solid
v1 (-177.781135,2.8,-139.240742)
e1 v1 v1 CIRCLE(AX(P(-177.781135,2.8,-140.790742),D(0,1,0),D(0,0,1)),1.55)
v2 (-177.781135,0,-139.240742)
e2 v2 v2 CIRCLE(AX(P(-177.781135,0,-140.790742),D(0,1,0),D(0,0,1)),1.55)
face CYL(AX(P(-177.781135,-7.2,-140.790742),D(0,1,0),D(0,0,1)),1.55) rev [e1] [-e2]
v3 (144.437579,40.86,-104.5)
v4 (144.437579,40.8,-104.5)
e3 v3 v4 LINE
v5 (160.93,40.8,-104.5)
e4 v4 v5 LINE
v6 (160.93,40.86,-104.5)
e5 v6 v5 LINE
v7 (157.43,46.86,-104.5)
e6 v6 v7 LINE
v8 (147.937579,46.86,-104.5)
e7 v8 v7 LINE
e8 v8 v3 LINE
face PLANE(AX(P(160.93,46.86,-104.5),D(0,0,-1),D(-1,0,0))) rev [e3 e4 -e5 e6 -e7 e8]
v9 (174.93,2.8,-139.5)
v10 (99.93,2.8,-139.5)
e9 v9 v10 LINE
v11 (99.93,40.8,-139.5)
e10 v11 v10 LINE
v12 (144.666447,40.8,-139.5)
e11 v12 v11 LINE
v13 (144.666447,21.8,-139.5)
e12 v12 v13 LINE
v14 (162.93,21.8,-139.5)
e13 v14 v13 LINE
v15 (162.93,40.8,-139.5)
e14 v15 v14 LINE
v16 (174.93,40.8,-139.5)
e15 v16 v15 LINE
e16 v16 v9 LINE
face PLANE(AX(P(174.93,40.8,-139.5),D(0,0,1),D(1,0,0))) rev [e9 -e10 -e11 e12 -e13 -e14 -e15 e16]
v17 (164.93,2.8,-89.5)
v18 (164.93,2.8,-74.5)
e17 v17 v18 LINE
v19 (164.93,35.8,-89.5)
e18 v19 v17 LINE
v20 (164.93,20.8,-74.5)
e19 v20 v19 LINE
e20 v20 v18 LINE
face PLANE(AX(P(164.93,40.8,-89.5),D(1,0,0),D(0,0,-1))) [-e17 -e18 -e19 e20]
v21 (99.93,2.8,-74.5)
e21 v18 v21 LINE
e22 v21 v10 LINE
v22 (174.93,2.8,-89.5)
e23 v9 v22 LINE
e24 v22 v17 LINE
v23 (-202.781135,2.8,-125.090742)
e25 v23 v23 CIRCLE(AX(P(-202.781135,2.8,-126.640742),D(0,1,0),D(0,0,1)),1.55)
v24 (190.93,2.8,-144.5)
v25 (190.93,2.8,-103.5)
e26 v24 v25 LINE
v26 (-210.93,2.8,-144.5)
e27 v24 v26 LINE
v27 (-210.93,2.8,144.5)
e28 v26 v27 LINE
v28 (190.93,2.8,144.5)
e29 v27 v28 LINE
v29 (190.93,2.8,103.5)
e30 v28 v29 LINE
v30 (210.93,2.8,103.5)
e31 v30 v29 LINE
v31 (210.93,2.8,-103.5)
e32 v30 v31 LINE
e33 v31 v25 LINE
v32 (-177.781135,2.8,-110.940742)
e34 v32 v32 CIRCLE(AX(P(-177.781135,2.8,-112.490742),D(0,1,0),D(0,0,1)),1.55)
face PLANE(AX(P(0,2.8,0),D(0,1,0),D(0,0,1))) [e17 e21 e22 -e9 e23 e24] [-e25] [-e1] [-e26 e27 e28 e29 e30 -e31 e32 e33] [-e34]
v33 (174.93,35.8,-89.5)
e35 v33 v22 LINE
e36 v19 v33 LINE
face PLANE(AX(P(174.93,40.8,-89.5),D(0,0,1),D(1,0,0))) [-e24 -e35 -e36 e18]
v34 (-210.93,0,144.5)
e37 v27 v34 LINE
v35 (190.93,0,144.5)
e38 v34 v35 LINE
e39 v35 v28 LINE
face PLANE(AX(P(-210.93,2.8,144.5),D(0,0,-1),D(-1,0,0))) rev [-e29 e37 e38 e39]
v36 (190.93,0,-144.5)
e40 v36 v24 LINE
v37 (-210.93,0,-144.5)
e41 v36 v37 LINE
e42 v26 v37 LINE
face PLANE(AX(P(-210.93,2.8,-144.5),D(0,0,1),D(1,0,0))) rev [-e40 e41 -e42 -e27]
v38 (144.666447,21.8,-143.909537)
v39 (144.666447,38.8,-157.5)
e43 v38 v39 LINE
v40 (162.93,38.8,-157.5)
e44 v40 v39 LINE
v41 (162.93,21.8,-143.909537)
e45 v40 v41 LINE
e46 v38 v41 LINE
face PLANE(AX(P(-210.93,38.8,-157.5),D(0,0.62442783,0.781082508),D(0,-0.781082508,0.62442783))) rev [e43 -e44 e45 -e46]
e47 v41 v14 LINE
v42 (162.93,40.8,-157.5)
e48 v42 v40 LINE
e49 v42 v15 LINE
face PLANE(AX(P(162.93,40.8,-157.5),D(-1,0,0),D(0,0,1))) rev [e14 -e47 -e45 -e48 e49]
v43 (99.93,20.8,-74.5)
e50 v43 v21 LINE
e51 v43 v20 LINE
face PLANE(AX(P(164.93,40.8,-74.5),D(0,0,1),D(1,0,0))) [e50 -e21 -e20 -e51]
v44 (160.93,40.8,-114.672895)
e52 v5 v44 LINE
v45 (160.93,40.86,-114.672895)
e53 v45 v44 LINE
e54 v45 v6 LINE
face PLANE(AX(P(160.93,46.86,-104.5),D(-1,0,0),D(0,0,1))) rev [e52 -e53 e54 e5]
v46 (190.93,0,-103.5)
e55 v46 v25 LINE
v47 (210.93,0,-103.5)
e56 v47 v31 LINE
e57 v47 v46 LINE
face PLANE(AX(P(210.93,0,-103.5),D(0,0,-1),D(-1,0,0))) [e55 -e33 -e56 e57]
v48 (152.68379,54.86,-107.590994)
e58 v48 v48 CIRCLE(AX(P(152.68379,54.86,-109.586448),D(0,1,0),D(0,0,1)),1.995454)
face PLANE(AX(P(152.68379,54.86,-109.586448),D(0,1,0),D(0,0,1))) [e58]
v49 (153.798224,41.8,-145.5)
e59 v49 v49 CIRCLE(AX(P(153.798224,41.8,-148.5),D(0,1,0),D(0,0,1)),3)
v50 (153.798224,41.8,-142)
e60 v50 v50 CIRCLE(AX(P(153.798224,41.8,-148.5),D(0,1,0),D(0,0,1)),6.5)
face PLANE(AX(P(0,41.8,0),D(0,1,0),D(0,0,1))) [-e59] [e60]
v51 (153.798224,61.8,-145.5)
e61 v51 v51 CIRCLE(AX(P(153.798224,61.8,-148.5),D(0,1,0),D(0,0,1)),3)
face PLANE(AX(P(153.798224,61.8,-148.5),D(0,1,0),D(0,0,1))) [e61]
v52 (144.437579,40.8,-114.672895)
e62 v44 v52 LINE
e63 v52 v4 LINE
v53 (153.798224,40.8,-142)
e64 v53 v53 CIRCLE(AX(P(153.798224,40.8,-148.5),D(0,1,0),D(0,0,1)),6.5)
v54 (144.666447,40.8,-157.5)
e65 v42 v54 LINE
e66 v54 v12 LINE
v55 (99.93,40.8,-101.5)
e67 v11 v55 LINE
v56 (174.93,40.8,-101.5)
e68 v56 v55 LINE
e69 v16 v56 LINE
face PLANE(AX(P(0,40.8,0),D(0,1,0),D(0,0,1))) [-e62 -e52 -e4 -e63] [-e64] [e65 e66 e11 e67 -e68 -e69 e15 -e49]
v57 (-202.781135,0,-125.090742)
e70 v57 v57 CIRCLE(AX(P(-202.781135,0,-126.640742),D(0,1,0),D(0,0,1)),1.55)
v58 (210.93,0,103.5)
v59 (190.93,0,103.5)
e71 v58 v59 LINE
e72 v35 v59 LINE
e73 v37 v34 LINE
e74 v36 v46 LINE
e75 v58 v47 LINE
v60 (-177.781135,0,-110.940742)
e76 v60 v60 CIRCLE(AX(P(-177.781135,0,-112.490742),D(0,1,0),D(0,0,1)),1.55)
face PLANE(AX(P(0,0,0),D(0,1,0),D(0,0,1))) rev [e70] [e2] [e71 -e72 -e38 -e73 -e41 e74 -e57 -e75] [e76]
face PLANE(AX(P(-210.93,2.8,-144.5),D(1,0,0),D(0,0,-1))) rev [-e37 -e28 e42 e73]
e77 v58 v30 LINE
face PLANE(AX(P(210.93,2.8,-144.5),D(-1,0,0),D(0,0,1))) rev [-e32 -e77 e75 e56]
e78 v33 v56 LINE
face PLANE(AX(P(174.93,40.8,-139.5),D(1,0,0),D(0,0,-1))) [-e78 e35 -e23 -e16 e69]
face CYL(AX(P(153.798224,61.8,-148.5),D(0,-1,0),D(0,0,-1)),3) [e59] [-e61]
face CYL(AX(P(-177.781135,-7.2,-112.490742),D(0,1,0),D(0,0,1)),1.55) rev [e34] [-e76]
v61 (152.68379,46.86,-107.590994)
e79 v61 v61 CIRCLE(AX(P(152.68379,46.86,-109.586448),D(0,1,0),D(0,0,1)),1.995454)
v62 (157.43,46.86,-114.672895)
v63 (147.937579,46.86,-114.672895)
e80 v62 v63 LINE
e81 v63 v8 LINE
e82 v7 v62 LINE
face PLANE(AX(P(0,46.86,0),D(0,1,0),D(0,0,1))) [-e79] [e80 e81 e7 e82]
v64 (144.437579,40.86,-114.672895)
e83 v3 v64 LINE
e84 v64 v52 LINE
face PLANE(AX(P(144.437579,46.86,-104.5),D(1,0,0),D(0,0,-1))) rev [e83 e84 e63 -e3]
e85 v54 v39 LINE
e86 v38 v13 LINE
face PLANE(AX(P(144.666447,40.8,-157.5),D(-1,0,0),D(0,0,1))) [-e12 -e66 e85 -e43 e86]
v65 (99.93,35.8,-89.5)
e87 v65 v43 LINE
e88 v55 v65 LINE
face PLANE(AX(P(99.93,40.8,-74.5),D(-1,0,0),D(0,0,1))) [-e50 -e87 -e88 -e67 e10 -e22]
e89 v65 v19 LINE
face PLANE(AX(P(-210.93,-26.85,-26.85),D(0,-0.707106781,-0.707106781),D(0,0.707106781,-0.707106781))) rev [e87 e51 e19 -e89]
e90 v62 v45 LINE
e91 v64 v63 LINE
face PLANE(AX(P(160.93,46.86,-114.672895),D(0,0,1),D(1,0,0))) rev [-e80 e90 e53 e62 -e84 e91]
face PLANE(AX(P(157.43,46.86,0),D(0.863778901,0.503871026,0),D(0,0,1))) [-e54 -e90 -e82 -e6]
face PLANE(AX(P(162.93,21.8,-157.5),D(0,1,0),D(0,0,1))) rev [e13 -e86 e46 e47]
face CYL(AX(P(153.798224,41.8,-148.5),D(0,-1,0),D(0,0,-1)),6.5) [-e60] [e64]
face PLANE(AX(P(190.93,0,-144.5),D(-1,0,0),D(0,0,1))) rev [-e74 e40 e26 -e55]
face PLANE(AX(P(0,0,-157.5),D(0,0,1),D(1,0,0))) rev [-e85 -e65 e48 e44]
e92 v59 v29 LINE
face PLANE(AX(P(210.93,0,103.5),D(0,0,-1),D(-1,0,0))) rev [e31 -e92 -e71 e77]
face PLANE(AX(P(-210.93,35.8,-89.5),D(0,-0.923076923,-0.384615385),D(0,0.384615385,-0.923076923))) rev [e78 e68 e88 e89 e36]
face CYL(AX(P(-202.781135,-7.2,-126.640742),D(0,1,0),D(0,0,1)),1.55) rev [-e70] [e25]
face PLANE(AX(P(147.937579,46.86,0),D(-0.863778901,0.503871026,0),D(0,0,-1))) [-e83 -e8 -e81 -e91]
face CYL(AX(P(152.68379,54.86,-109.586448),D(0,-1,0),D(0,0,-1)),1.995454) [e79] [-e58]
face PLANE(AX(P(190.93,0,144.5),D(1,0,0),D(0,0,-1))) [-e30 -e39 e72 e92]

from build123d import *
from OCP.BRepFilletAPI import BRepFilletAPI_MakeChamfer

# Parameters (mm, degrees)
CROQUIS2_W              = 421.86
CROQUIS2_H              = 289
SALIENTE_EXTRUIR1_DEPTH = 2.8
CROQUIS3_W              = 20
CROQUIS3_H              = 41
CORTAR_EXTRUIR1_DEPTH   = 2.8
SALIENTE_EXTRUIR2_DEPTH = 38
CORTAR_EXTRUIR2_DEPTH   = 415.044477804
CORTAR_EXTRUIR3_DEPTH   = 405.741435487
CROQUIS7_W              = 16.492420957
CROQUIS7_H              = 10.17289517
SALIENTE_EXTRUIR3_DEPTH = 6.06
CHAFL_N1_SIZE           = 6
CHAFL_N1_SIZE2          = 3.5
CROQUIS9_R              = 1.995453572
SALIENTE_EXTRUIR4_DEPTH = 8
CROQUIS10_W             = 18.263552833
CROQUIS10_H             = 19
SALIENTE_EXTRUIR5_DEPTH = 18
CORTAR_EXTRUIR4_DEPTH   = 410.374118869
SALIENTE_EXTRUIR6_DEPTH = 1
CROQUIS13_R             = 3
SALIENTE_EXTRUIR7_DEPTH = 20
CROQUIS18_R             = 1.55
CORTAR_EXTRUIR5_DEPTH   = 10


with BuildPart() as part:
    # Croquis2 → Saliente-Extruir1 (new body)
    with BuildSketch(Plane(origin=(0, 0, 0), x_dir=(1, 0, 0), z_dir=(0, 1, 0))):
        Rectangle(CROQUIS2_W, CROQUIS2_H)
    extrude(amount=SALIENTE_EXTRUIR1_DEPTH)

    # Croquis3 → Cortar-Extruir1 (cut)
    with BuildSketch(Plane(origin=(0, 2.8, 0), x_dir=(1, 0, 0), z_dir=(0, 1, 0))):
        with Locations((200.93, -124)):
            Rectangle(CROQUIS3_W, CROQUIS3_H)
        with Locations((200.93, 124)):
            Rectangle(CROQUIS3_W, CROQUIS3_H)
    extrude(amount=-CORTAR_EXTRUIR1_DEPTH, mode=Mode.SUBTRACT)

    # Croquis4 → Saliente-Extruir2 (add)
    with BuildSketch(Plane(origin=(0, 2.8, 0), x_dir=(1, 0, 0), z_dir=(0, 1, 0))):
        Polygon((174.93, 139.5), (99.93, 139.5), (99.93, 89.5), (99.93, 74.5), (164.93, 74.5), (164.93, 89.5), (174.93, 89.5), align=None)
    extrude(amount=SALIENTE_EXTRUIR2_DEPTH)

    # Croquis5 → Cortar-Extruir2 (cut, through all)
    with BuildSketch(Plane(origin=(174.93, 0, 0), x_dir=(0, 0, -1), z_dir=(1, 0, 0))):
        Polygon((89.5, 35.8), (101.5, 40.8), (89.5, 40.8), align=None)
    extrude(amount=-CORTAR_EXTRUIR2_DEPTH, mode=Mode.SUBTRACT)

    # Croquis6 → Cortar-Extruir3 (cut, through all)
    with BuildSketch(Plane(origin=(164.93, 0, 0), x_dir=(0, 0, -1), z_dir=(1, 0, 0))):
        Polygon((74.5, 35.8), (74.5, 20.8), (89.5, 35.8), (89.5, 40.8), (74.5, 40.8), align=None)
    extrude(amount=-CORTAR_EXTRUIR3_DEPTH, mode=Mode.SUBTRACT)

    # Croquis7 → Saliente-Extruir3 (add)
    with BuildSketch(Plane(origin=(0, 40.8, 0), x_dir=(1, 0, 0), z_dir=(0, 1, 0))):
        with Locations((152.683789521, 109.586447585)):
            Rectangle(CROQUIS7_W, CROQUIS7_H)
    extrude(amount=SALIENTE_EXTRUIR3_DEPTH)

    # Chaflán1: one chamfer whose edges measure the first distance from different faces: ONE call of the kernel's chamfer builder (chamfer() names one face for all edges)
    chafl_n1_edges_1 = [part.edges().sort_by_distance(p)[0] for p in [
        (160.93, 46.86, -109.586447585),
    ]]
    chafl_n1_side_1 = [part.faces().sort_by_distance(p)[0] for p in [
        (160.93, 43.83, -109.586447585),
    ]]
    chafl_n1_edges_2 = [part.edges().sort_by_distance(p)[0] for p in [
        (144.437579043, 46.86, -109.586447585),
    ]]
    chafl_n1_side_2 = [part.faces().sort_by_distance(p)[0] for p in [
        (144.437579043, 43.83, -109.586447585),
    ]]
    chafl_n1 = BRepFilletAPI_MakeChamfer(part.part.solid().wrapped)
    for e in chafl_n1_edges_1:
        chafl_n1.Add(CHAFL_N1_SIZE, CHAFL_N1_SIZE2, e.wrapped, chafl_n1_side_1[0].wrapped)  # the first distance lies on this face
    for e in chafl_n1_edges_2:
        chafl_n1.Add(CHAFL_N1_SIZE, CHAFL_N1_SIZE2, e.wrapped, chafl_n1_side_2[0].wrapped)  # the first distance lies on this face
    add(Compound.cast(chafl_n1.Shape()), mode=Mode.REPLACE)

    # Croquis9 → Saliente-Extruir4 (add)
    with BuildSketch(Plane(origin=(0, 46.86, 0), x_dir=(1, 0, 0), z_dir=(0, 1, 0))):
        with Locations(Location((152.683789521, 109.586447585, 0), (0, 0, 270))):
            Circle(CROQUIS9_R)
    extrude(amount=SALIENTE_EXTRUIR4_DEPTH)

    # Croquis10 → Saliente-Extruir5 (add)
    with BuildSketch(Plane(origin=(0, 0, -139.5), x_dir=(-1, 0, 0), z_dir=(0, 0, -1))):
        with Locations((-153.798223584, 31.3)):
            Rectangle(CROQUIS10_W, CROQUIS10_H)
    extrude(amount=SALIENTE_EXTRUIR5_DEPTH)

    # Croquis11 → Cortar-Extruir4 (cut, through all)
    with BuildSketch(Plane(origin=(162.93, 0, 0), x_dir=(0, 0, -1), z_dir=(1, 0, 0))):
        Polygon((157.5, 38.8), (143.909536757, 21.8), (157.5, 21.8), align=None)
    extrude(amount=-CORTAR_EXTRUIR4_DEPTH, mode=Mode.SUBTRACT)

    # Croquis12 → Saliente-Extruir6 (add)
    with BuildSketch(Plane(origin=(0, 40.8, 0), x_dir=(1, 0, 0), z_dir=(0, 1, 0))):
        with BuildLine():
            ThreePointArc((160.298223583, 148.5), (156.263827828, 154.514216134), (149.168747981, 153.062669794))
            Line((149.168747981, 153.062669794), (158.427699186, 143.937330206))
            ThreePointArc((158.427699186, 143.937330206), (159.812439717, 146.034395755), (160.298223583, 148.5))
        make_face()
        with BuildLine():
            Line((158.427699186, 143.937330206), (149.168747981, 153.062669794))
            ThreePointArc((149.168747981, 153.062669794), (149.23555379, 143.870524398), (158.427699186, 143.937330206))
        make_face()
    extrude(amount=SALIENTE_EXTRUIR6_DEPTH)

    # Croquis13 → Saliente-Extruir7 (add)
    with BuildSketch(Plane(origin=(0, 41.8, 0), x_dir=(1, 0, 0), z_dir=(0, 1, 0))):
        with Locations(Location((153.798223583, 148.5, 0), (0, 0, 270))):
            Circle(CROQUIS13_R)
    extrude(amount=SALIENTE_EXTRUIR7_DEPTH)

    # Croquis18 → Cortar-Extruir5 (cut)
    with BuildSketch(Plane(origin=(0, 2.8, 0), x_dir=(1, 0, 0), z_dir=(0, 1, 0))):
        with Locations(Location((-177.78113513, 112.490742036, 0), (0, 0, 270))):
            Circle(CROQUIS18_R)
        with Locations(Location((-177.78113513, 140.790742036, 0), (0, 0, 270))):
            Circle(CROQUIS18_R)
        with Locations(Location((-202.78113513, 126.640742036, 0), (0, 0, 270))):
            Circle(CROQUIS18_R)
    extrude(amount=-CORTAR_EXTRUIR5_DEPTH, mode=Mode.SUBTRACT)


solid = part.part
